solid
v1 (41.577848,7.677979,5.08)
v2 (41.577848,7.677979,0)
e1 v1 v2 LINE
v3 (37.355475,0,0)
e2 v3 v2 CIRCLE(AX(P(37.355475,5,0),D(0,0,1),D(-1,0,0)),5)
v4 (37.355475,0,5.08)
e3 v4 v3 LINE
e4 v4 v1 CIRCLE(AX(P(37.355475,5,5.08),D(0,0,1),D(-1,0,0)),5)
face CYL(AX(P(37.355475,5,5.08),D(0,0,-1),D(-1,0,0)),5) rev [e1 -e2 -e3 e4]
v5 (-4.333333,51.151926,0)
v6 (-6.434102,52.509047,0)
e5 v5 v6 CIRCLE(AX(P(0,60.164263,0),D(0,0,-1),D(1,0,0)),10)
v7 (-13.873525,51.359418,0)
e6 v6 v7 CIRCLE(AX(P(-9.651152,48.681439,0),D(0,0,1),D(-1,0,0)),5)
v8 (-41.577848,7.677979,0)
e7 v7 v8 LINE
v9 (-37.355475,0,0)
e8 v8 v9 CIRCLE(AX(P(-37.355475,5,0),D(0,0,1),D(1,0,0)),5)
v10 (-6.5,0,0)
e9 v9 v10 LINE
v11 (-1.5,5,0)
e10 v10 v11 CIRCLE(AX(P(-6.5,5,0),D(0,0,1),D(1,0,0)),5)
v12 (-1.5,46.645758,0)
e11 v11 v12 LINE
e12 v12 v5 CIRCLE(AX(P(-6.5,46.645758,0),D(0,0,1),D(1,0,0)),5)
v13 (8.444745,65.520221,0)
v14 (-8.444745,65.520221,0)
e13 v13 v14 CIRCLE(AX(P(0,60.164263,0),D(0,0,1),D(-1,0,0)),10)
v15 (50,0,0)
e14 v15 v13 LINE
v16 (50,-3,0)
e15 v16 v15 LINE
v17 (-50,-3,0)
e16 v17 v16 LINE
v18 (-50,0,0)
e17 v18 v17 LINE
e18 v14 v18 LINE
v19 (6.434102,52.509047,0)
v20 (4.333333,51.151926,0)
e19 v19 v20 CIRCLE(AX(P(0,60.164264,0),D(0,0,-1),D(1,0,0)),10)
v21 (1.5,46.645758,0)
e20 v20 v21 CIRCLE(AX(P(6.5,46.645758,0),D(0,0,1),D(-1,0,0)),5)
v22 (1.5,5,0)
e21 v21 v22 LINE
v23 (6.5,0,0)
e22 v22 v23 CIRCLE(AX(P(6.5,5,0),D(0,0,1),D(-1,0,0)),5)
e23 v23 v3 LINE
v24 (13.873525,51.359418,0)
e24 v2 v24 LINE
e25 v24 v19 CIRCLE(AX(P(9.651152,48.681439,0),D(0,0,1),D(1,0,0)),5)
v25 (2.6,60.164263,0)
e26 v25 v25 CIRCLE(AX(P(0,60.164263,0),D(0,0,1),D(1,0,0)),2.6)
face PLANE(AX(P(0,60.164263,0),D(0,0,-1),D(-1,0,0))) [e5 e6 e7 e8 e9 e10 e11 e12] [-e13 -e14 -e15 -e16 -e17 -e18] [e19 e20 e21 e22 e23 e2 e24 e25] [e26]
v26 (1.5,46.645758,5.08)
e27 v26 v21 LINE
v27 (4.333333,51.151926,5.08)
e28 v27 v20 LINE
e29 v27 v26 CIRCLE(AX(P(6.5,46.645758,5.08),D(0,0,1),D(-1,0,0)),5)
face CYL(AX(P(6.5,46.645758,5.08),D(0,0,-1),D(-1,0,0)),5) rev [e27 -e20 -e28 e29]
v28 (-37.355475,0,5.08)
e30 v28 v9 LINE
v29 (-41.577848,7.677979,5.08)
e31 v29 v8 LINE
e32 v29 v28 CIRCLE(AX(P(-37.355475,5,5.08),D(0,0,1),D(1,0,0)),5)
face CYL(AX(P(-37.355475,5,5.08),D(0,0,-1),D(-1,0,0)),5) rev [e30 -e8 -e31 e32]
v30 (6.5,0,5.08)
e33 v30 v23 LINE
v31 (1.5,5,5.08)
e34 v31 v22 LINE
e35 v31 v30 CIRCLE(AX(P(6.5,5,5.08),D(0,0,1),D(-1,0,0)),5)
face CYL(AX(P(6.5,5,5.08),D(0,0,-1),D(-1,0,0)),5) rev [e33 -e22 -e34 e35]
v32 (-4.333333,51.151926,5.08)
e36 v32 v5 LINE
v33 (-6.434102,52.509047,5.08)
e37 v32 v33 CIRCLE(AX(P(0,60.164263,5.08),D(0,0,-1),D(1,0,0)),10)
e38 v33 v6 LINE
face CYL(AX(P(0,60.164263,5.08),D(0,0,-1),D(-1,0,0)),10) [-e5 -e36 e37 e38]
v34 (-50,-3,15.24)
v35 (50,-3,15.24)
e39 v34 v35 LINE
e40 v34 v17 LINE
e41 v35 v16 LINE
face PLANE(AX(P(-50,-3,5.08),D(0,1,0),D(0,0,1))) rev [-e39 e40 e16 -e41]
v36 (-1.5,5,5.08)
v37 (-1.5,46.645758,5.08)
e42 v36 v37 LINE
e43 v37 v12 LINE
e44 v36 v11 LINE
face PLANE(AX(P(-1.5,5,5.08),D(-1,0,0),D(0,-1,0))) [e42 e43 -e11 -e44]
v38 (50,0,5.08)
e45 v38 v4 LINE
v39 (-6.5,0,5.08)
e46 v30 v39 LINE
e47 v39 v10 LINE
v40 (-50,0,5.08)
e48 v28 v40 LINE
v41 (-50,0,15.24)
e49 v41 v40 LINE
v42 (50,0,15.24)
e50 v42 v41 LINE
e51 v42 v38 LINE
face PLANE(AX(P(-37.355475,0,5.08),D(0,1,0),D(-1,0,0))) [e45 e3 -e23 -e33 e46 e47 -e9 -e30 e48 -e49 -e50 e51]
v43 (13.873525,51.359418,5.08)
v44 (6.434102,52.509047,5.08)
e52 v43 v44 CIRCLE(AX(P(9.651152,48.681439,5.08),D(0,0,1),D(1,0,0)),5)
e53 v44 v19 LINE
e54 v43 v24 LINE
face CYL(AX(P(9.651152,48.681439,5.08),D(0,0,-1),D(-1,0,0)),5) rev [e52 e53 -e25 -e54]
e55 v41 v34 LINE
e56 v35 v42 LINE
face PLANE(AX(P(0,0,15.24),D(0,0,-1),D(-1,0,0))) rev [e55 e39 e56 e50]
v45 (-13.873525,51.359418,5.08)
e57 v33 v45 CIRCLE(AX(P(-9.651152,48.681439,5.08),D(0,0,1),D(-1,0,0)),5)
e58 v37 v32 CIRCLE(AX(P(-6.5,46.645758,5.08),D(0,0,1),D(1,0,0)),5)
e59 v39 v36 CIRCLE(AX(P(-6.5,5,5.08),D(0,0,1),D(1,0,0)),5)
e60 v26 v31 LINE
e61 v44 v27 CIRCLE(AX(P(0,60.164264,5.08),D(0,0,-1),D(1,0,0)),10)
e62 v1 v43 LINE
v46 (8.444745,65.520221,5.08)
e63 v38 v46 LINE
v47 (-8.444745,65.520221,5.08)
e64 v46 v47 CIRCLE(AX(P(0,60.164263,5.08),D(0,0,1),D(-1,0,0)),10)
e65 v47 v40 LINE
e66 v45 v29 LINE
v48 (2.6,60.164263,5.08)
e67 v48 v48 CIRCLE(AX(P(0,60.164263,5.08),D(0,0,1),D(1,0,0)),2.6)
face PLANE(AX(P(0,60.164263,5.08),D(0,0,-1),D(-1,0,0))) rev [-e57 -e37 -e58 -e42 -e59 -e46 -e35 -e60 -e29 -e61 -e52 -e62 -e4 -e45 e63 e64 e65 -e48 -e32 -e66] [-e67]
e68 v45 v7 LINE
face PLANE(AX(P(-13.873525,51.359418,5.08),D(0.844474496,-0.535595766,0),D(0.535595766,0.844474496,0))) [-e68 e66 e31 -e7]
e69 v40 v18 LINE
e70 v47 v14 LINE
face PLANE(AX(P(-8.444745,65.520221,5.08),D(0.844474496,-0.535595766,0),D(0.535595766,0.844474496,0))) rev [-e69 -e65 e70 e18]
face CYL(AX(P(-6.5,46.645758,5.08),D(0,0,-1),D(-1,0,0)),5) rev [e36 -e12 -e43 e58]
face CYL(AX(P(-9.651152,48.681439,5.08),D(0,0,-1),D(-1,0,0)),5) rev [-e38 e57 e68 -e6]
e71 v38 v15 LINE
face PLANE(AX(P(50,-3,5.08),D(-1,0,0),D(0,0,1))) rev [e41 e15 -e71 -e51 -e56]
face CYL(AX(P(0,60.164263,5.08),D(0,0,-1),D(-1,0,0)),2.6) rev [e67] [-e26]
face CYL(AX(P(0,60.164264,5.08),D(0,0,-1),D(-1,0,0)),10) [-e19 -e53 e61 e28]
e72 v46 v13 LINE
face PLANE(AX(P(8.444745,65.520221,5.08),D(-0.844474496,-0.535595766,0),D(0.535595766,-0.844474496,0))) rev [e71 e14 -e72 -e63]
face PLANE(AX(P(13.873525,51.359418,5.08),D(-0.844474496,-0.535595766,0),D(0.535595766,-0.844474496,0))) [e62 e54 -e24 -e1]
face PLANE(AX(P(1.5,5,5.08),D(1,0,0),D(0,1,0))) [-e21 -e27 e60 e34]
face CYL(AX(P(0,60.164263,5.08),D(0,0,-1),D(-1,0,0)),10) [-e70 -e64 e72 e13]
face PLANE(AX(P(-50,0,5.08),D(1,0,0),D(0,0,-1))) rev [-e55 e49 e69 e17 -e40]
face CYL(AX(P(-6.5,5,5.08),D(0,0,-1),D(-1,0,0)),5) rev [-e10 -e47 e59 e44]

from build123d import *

# Parameters (mm, degrees)
SKETCH2_R           = 2.6
BOSS_EXTRUDE1_DEPTH = 5.08
SKETCH3_W           = 100
SKETCH3_H           = 3
BOSS_EXTRUDE2_DEPTH = 10.16


with BuildPart() as part:
    # Sketch2 → Boss-Extrude1 (new body)
    with BuildSketch(Plane.XY):
        with BuildLine():
            Line((-50, -3), (50, -3))
            Line((50, -3), (50, 0))
            Line((50, 0), (8.444744964, 65.520221164))
            ThreePointArc((8.444744964, 65.520221164), (0, 70.1642635), (-8.444744964, 65.520221164))
            Line((-8.444744964, 65.520221164), (-50, 0))
            Line((-50, 0), (-50, -3))
        make_face()
        with Locations((0, 60.1642635)):
            Circle(SKETCH2_R, mode=Mode.SUBTRACT)
        with BuildLine():
            Line((-13.873524959, 51.359417946), (-41.57784754, 7.677978832))
            ThreePointArc((-41.57784754, 7.677978832), (-41.736678897, 2.590632257), (-37.355475058, 0))
            Line((-37.355475058, 0), (-6.5, 0))
            ThreePointArc((-6.5, 0), (-2.964466094, 1.464466094), (-1.5, 5))
            Line((-1.5, 5), (-1.5, 46.645757665))
            ThreePointArc((-1.5, 46.645757665), (-2.267191634, 49.307210903), (-4.333333333, 51.151926277))
            ThreePointArc((-4.333333333, 51.151926277), (-5.426311672, 51.764552693), (-6.434101651, 52.509047243))
            ThreePointArc((-6.434101651, 52.509047243), (-10.41474909, 53.62278713), (-13.873524959, 51.359417946))
        make_face(mode=Mode.SUBTRACT)
        with BuildLine():
            Line((13.873524959, 51.359417946), (41.57784754, 7.677978832))
            ThreePointArc((41.57784754, 7.677978832), (41.736678897, 2.590632257), (37.355475058, 0))
            Line((37.355475058, 0), (6.5, 0))
            ThreePointArc((6.5, 0), (2.964466094, 1.464466094), (1.5, 5))
            Line((1.5, 5), (1.5, 46.645757665))
            ThreePointArc((1.5, 46.645757665), (2.267191634, 49.307210903), (4.333333333, 51.151926277))
            ThreePointArc((4.333333333, 51.151926277), (5.426311672, 51.764552693), (6.434101651, 52.509047243))
            ThreePointArc((6.434101651, 52.509047243), (10.41474909, 53.62278713), (13.873524959, 51.359417946))
        make_face(mode=Mode.SUBTRACT)
    extrude(amount=BOSS_EXTRUDE1_DEPTH)

    # Sketch3 → Boss-Extrude2 (add)
    with BuildSketch(Plane.XY.offset(5.08)):
        with Locations((0, -1.5)):
            Rectangle(SKETCH3_W, SKETCH3_H)
    extrude(amount=BOSS_EXTRUDE2_DEPTH)


solid = part.part
